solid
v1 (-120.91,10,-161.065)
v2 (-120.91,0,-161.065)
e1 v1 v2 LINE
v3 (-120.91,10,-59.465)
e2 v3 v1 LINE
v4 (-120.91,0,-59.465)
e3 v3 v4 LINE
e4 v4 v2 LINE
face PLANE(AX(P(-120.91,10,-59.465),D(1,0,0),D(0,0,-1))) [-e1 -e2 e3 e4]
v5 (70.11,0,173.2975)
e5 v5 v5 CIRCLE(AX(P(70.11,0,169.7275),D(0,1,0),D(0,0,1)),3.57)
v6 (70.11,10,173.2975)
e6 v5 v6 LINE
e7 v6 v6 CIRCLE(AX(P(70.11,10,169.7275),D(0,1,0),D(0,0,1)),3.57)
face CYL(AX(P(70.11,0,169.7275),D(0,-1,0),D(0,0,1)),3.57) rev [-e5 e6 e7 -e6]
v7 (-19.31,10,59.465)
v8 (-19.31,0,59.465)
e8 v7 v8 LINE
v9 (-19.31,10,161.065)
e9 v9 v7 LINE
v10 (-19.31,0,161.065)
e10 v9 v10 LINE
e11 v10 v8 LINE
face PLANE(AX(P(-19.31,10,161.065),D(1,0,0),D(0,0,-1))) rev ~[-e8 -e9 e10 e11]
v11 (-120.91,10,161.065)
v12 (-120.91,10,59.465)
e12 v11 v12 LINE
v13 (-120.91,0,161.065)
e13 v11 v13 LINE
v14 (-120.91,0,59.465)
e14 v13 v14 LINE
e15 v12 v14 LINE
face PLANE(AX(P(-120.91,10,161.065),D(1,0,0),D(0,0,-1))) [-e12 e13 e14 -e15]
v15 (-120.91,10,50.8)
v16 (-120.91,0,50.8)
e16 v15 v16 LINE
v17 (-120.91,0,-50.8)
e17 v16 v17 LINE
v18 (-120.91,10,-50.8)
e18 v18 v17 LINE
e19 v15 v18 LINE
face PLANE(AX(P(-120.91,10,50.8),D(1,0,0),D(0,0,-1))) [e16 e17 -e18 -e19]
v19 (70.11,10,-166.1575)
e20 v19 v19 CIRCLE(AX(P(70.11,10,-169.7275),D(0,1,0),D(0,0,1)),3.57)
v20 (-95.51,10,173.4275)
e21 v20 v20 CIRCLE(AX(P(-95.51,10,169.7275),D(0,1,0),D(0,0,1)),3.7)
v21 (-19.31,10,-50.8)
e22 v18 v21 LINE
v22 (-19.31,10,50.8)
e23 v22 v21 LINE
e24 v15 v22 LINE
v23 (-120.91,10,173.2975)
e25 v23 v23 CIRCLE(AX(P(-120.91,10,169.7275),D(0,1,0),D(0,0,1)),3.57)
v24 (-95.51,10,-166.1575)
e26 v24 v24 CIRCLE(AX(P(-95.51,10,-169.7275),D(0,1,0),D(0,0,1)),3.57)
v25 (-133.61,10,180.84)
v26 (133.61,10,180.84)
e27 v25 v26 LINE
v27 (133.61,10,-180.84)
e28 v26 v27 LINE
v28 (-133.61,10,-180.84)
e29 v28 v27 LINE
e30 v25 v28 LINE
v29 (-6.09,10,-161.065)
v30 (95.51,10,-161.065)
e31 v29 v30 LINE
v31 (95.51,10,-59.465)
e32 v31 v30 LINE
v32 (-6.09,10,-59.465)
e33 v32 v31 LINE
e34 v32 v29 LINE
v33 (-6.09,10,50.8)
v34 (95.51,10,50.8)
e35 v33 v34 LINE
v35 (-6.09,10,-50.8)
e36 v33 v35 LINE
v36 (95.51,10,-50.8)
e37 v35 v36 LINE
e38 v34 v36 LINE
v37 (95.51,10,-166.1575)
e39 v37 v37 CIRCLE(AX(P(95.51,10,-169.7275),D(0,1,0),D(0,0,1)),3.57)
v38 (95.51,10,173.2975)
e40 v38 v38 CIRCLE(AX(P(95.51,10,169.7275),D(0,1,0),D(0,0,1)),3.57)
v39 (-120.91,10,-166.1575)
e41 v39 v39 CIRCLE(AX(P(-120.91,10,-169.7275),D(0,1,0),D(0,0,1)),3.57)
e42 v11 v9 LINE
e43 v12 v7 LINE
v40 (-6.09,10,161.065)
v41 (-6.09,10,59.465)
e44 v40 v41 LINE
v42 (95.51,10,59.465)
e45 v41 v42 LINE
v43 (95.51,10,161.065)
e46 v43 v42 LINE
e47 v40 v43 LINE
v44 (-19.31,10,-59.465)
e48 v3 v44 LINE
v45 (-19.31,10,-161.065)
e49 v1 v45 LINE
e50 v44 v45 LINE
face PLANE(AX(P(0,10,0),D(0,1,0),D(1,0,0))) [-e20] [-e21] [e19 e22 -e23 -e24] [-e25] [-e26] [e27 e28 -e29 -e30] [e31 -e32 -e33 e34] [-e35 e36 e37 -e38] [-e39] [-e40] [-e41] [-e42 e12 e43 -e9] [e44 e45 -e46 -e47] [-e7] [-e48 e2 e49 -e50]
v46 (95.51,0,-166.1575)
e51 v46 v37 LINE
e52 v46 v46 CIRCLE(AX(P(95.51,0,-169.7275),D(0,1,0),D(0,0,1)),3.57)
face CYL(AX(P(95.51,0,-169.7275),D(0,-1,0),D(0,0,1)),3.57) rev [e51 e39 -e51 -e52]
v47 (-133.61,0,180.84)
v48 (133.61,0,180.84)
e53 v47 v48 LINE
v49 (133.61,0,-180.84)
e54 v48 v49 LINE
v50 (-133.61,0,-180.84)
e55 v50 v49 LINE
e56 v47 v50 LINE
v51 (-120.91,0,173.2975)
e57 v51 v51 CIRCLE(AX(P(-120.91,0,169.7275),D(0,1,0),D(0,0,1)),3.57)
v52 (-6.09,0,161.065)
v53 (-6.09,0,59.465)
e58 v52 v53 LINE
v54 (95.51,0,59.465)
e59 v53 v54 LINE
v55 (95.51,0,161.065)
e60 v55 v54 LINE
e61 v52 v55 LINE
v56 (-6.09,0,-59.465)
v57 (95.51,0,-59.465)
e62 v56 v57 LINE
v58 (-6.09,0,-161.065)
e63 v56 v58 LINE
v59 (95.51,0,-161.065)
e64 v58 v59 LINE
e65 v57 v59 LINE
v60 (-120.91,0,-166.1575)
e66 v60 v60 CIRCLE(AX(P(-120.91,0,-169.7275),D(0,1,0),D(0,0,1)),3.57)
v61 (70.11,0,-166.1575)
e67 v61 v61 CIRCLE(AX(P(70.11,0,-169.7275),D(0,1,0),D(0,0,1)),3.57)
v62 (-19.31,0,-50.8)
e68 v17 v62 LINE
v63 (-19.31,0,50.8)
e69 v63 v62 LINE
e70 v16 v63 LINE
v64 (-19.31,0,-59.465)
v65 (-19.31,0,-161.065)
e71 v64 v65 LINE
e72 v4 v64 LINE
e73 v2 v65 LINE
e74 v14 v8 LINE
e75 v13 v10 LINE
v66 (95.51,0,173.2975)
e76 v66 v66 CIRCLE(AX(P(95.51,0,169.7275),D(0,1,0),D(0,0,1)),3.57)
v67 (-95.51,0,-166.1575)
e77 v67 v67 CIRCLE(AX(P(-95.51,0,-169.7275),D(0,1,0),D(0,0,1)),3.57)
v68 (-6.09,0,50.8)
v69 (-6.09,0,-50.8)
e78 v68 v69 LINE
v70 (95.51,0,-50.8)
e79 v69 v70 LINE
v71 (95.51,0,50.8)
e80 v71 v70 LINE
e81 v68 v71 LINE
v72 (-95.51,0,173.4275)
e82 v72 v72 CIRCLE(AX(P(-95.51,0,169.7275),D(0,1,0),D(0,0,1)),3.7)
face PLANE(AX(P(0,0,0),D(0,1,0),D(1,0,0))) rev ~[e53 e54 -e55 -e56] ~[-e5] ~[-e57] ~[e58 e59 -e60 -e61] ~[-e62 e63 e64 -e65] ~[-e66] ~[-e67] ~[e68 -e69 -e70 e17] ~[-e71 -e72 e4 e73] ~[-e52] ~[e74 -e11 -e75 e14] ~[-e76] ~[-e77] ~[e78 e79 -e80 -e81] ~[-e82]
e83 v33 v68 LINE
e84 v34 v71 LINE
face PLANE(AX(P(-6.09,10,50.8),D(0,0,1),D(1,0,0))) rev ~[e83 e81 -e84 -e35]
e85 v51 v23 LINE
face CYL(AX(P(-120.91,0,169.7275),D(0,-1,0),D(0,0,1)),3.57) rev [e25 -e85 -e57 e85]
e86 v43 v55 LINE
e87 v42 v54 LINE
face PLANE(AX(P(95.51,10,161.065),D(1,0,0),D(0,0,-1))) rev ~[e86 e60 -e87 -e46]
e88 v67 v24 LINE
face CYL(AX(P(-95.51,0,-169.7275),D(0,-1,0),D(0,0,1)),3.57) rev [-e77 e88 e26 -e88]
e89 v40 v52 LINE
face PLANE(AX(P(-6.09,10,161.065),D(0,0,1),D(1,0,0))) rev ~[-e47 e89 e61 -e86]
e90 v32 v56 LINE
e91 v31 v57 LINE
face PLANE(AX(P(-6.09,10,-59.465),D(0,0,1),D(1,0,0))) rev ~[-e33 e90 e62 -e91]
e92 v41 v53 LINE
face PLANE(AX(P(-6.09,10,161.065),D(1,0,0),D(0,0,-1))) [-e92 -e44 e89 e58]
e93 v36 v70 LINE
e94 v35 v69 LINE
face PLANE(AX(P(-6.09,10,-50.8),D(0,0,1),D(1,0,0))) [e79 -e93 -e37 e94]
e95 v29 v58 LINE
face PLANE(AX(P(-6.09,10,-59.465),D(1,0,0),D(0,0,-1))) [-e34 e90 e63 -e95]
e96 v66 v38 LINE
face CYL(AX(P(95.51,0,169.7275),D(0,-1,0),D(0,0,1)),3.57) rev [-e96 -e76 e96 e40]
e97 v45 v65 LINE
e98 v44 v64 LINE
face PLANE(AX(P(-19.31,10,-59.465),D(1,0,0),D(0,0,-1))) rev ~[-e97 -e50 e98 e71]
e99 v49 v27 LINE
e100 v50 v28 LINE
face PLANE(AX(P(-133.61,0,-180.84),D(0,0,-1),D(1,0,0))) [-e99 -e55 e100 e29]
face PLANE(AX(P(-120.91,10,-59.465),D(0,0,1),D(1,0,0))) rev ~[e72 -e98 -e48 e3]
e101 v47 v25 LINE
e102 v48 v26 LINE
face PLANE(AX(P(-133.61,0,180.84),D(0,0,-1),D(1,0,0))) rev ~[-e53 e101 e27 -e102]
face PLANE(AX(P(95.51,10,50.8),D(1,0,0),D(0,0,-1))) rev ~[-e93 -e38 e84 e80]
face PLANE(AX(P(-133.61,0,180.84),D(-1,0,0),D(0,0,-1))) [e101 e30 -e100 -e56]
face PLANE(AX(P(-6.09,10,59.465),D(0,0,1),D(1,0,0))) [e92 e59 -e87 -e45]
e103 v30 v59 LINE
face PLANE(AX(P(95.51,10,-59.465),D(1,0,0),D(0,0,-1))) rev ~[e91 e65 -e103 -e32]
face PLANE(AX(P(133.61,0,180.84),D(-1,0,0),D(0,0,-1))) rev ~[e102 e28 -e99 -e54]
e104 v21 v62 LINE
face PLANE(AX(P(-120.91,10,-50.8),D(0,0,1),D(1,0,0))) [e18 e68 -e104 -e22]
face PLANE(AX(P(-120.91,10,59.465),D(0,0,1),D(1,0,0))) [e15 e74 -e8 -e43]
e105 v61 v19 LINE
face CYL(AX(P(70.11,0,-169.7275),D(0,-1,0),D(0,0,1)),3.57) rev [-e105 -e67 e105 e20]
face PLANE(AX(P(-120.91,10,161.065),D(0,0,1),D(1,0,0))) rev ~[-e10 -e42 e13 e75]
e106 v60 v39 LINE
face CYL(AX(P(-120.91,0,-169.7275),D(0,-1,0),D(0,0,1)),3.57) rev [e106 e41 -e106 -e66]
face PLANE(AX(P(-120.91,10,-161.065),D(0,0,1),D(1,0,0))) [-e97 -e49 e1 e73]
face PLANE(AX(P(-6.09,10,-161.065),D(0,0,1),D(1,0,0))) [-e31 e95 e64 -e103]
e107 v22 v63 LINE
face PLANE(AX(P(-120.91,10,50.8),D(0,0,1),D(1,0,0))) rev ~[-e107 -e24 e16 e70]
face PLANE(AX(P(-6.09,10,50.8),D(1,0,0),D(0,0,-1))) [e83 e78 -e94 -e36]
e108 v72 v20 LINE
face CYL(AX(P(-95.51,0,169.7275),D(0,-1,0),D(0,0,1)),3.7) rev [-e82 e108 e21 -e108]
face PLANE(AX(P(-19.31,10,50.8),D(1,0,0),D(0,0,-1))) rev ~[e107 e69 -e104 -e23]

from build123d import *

# Parameters (mm, degrees)
SKETCH1_W                 = 267.22
SKETCH1_H                 = 361.68
SKETCH1_R                 = 3.57
SKETCH1_R_2               = 3.7
BOSS_EXTRUDE1_DEPTH       = 10
SKETCH2_W                 = 101.6
SKETCH2_H                 = 101.6
CUT_EXTRUDE1_DEPTH        = 226.066074076
LPATTERN1_COUNT           = 2
LPATTERN1_PITCH           = 110.265
LPATTERN2_COUNT           = 2
LPATTERN2_PITCH           = 110.265
LPATTERN3_COUNT           = 2
LPATTERN3_PITCH           = 114.82
LPATTERN3_COPY_1_SKETCH_W = 101.6
LPATTERN3_COPY_1_SKETCH_H = 101.6
LPATTERN3_COPY_1_DEPTH    = 226.066074076
LPATTERN3_COPY_2_SKETCH_W = 101.6
LPATTERN3_COPY_2_SKETCH_H = 101.6
LPATTERN3_COPY_2_DEPTH    = 226.066074076


with BuildPart() as part:
    # Sketch1 → Boss-Extrude1 (new body)
    with BuildSketch(Plane(origin=(0, 0, 0), x_dir=(1, 0, 0), z_dir=(0, 1, 0))):
        Rectangle(SKETCH1_W, SKETCH1_H)
        with Locations(Location((-120.91, -169.7275, 0), (0, 0, 270))):
            Circle(SKETCH1_R, mode=Mode.SUBTRACT)
        with Locations(Location((-120.91, 169.7275, 0), (0, 0, 270))):
            Circle(SKETCH1_R, mode=Mode.SUBTRACT)
        with Locations(Location((70.11, 169.7275, 0), (0, 0, 270))):
            Circle(SKETCH1_R, mode=Mode.SUBTRACT)
        with Locations(Location((70.11, -169.7275, 0), (0, 0, 270))):
            Circle(SKETCH1_R, mode=Mode.SUBTRACT)
        with Locations(Location((-95.51, 169.7275, 0), (0, 0, 270))):
            Circle(SKETCH1_R, mode=Mode.SUBTRACT)
        with Locations(Location((-95.51, -169.7275, 0), (0, 0, 270))):
            Circle(SKETCH1_R_2, mode=Mode.SUBTRACT)
        with Locations(Location((95.51, 169.7275, 0), (0, 0, 270))):
            Circle(SKETCH1_R, mode=Mode.SUBTRACT)
        with Locations(Location((95.51, -169.7275, 0), (0, 0, 270))):
            Circle(SKETCH1_R, mode=Mode.SUBTRACT)
    extrude(amount=BOSS_EXTRUDE1_DEPTH)

    # Sketch2 → Cut-Extrude1 (cut, through all)
    with BuildSketch(Plane(origin=(0, 10, 0), x_dir=(1, 0, 0), z_dir=(0, 1, 0))):
        with Locations((-70.11, 0)):
            Rectangle(SKETCH2_W, SKETCH2_H)
    cut_extrude1 = extrude(amount=-CUT_EXTRUDE1_DEPTH, mode=Mode.SUBTRACT)

    # LPattern1: Cut-Extrude1 ×2
    with Locations(*[(0, 0, -i * LPATTERN1_PITCH) for i in range(1, LPATTERN1_COUNT)]):
        add(cut_extrude1, mode=Mode.SUBTRACT)

    # LPattern2: Cut-Extrude1 ×2
    with Locations(*[(0, 0, i * LPATTERN2_PITCH) for i in range(1, LPATTERN2_COUNT)]):
        add(cut_extrude1, mode=Mode.SUBTRACT)

    # LPattern3: Cut-Extrude1 ×2
    with Locations(*[(i * LPATTERN3_PITCH, 0, 0) for i in range(1, LPATTERN3_COUNT)]):
        add(cut_extrude1, mode=Mode.SUBTRACT)

    # LPattern3 copy 1 sketch → LPattern3 copy 1 (cut, through all)
    with BuildSketch(Plane(origin=(114.82, 10, -110.265), x_dir=(1, 0, 0), z_dir=(0, 1, 0))):
        with Locations((-70.11, 0)):
            Rectangle(LPATTERN3_COPY_1_SKETCH_W, LPATTERN3_COPY_1_SKETCH_H)
    extrude(amount=-LPATTERN3_COPY_1_DEPTH, mode=Mode.SUBTRACT)

    # LPattern3 copy 2 sketch → LPattern3 copy 2 (cut, through all)
    with BuildSketch(Plane(origin=(114.82, 10, 110.265), x_dir=(1, 0, 0), z_dir=(0, 1, 0))):
        with Locations((-70.11, 0)):
            Rectangle(LPATTERN3_COPY_2_SKETCH_W, LPATTERN3_COPY_2_SKETCH_H)
    extrude(amount=-LPATTERN3_COPY_2_DEPTH, mode=Mode.SUBTRACT)


solid = part.part
